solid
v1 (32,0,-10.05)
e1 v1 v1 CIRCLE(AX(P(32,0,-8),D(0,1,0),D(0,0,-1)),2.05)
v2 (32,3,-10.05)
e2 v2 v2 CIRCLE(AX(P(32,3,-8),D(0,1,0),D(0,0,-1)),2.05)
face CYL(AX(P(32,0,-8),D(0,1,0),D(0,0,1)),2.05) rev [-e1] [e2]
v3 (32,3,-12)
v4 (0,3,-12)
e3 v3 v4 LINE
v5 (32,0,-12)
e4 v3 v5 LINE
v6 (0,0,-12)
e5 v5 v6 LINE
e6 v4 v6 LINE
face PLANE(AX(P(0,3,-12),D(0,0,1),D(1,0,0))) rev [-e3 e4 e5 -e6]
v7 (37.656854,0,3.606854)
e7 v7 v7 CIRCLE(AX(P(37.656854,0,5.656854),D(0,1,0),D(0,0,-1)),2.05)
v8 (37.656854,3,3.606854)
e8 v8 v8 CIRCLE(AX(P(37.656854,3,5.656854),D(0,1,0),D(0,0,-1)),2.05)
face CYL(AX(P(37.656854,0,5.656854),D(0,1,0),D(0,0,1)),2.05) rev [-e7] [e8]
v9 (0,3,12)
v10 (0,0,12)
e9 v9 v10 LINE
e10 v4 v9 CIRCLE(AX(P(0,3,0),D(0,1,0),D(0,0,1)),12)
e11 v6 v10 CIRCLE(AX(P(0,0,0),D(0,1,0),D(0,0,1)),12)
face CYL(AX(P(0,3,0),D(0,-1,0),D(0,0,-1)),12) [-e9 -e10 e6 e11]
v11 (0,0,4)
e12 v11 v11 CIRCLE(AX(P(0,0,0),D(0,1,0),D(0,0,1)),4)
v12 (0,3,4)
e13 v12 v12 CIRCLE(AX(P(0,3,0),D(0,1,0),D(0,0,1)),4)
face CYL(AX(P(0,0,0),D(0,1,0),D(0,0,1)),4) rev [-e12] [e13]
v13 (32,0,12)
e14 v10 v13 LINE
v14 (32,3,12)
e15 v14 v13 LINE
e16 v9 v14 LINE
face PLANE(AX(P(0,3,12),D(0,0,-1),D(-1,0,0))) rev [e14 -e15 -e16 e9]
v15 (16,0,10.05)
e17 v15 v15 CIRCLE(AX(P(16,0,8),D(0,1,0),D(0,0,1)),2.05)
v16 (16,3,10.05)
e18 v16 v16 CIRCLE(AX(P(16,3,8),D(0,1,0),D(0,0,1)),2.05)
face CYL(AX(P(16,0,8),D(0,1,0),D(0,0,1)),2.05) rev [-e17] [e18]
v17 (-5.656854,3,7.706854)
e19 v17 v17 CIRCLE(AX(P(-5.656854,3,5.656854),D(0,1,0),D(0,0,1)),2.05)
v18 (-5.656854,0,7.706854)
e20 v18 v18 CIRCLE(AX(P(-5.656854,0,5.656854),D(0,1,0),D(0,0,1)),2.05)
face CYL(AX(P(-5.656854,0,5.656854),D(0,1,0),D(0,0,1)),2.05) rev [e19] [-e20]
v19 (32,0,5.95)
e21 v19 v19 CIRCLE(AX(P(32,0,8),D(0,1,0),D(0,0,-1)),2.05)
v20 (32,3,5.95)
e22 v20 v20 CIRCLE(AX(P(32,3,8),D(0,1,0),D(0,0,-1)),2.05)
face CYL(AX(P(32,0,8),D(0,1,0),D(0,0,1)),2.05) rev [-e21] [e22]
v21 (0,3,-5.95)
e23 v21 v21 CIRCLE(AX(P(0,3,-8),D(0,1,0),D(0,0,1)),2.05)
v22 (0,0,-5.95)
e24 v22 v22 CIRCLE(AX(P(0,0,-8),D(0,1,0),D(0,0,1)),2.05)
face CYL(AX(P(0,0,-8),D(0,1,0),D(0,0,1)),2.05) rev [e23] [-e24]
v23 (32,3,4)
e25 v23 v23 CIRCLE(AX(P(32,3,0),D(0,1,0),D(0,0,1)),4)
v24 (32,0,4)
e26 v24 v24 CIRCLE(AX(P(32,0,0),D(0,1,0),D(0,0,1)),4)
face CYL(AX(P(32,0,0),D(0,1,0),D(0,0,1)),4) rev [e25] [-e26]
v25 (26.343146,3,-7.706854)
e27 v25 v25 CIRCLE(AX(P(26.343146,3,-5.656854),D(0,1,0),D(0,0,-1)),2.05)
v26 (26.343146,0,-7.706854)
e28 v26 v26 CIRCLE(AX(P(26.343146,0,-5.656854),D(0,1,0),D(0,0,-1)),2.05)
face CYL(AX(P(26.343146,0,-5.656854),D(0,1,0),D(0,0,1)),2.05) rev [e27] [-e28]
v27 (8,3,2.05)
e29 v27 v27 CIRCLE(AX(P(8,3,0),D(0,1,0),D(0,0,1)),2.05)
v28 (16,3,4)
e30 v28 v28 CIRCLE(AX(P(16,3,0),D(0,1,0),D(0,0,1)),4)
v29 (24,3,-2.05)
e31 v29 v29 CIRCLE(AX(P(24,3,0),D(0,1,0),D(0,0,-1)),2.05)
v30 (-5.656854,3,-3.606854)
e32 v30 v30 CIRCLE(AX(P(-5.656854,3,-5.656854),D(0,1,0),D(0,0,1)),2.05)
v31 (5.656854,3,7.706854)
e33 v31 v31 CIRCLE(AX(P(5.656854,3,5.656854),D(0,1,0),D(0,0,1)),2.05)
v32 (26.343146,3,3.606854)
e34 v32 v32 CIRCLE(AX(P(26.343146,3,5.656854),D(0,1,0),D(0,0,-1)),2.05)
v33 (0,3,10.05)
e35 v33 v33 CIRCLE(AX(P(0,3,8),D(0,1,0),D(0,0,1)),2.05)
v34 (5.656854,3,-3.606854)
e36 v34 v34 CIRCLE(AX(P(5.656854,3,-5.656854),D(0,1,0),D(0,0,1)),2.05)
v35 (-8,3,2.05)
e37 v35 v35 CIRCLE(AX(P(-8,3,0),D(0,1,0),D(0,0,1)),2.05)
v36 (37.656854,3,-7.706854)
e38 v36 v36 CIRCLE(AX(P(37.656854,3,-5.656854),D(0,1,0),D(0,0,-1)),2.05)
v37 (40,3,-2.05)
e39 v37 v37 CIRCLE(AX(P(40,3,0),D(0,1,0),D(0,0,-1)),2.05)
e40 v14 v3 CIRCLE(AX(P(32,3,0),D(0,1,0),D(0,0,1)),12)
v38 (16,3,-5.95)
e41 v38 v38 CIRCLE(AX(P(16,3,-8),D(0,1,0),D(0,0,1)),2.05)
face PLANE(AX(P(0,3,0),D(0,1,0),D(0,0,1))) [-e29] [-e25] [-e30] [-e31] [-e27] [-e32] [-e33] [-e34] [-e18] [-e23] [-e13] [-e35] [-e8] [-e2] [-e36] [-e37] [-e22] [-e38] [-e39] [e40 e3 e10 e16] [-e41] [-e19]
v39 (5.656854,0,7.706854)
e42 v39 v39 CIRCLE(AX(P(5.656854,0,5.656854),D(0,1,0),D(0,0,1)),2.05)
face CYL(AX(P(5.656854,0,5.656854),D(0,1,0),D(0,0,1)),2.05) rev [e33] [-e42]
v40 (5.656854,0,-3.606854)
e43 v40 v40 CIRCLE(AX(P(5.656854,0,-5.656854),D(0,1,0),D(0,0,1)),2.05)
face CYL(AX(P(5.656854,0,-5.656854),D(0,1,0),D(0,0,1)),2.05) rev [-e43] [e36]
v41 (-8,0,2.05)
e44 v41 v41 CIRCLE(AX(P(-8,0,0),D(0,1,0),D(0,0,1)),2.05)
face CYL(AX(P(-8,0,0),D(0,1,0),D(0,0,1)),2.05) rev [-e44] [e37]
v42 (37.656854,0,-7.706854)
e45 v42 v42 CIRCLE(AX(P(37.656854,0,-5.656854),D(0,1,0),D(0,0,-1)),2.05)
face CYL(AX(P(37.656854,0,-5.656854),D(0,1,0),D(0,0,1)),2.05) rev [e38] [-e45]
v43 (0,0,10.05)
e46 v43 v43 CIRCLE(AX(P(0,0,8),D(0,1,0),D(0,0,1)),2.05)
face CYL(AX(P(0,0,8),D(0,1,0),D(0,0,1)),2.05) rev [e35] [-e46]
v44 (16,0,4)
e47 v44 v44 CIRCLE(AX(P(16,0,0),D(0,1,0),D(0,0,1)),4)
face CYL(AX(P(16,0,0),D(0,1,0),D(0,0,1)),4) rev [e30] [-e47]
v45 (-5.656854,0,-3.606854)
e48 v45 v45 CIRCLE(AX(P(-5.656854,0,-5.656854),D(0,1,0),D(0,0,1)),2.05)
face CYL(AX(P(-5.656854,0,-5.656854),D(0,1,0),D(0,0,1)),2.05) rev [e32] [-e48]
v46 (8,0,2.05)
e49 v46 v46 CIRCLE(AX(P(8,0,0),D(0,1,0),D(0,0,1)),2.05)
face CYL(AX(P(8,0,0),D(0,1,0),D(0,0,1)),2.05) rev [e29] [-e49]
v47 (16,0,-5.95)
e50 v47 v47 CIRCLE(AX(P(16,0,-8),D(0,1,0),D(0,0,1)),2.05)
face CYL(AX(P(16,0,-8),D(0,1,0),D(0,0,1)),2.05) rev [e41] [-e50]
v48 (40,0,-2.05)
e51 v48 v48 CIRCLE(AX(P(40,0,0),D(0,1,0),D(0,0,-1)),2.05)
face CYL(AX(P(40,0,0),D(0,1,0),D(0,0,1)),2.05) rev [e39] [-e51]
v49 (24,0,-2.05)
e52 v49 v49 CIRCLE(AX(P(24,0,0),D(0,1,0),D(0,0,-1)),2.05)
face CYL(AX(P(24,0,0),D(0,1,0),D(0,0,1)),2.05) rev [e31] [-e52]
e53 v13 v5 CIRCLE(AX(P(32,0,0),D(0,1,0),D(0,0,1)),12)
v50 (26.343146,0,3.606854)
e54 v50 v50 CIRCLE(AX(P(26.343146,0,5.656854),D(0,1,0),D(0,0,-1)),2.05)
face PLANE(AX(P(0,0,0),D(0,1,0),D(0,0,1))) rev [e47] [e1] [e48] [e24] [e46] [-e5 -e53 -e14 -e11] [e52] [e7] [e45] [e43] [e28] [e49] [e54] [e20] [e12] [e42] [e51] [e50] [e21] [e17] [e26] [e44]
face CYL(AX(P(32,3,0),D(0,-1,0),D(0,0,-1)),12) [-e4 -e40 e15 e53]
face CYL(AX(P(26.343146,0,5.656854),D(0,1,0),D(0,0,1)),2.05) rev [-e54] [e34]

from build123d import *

# Parameters (mm, degrees)
BOSS_EXTRUDE1_DEPTH = 3
SKETCH2_R           = 4
CUT_EXTRUDE1_DEPTH  = 46.705579528
SKETCH3_R           = 2.05
CUT_EXTRUDE2_DEPTH  = 46.705579528


with BuildPart() as part:
    # Sketch1 → Boss-Extrude1 (new body)
    with BuildSketch(Plane(origin=(0, 0, 0), x_dir=(1, 0, 0), z_dir=(0, 1, 0))):
        with BuildLine():
            Line((0, 12), (32, 12))
            ThreePointArc((32, 12), (44, 0), (32, -12))
            Line((32, -12), (0, -12))
            ThreePointArc((0, -12), (-12, 0), (0, 12))
        make_face()
    extrude(amount=BOSS_EXTRUDE1_DEPTH)

    # Sketch2 → Cut-Extrude1 (cut, through all)
    with BuildSketch(Plane(origin=(0, 3, 0), x_dir=(1, 0, 0), z_dir=(0, 1, 0))):
        with Locations(Location((0, 0, 0), (0, 0, 270))):
            Circle(SKETCH2_R)
        with Locations(Location((16, 0, 0), (0, 0, 270))):
            Circle(SKETCH2_R)
        with Locations(Location((32, 0, 0), (0, 0, 270))):
            Circle(SKETCH2_R)
    extrude(amount=-CUT_EXTRUDE1_DEPTH, mode=Mode.SUBTRACT)

    # Sketch3 → Cut-Extrude2 (cut, through all)
    with BuildSketch(Plane(origin=(0, 3, 0), x_dir=(1, 0, 0), z_dir=(0, 1, 0))):
        with Locations(Location((0, 8, 0), (0, 0, 270))):
            Circle(SKETCH3_R)
        with Locations(Location((5.656854249, 5.656854249, 0), (0, 0, 270))):
            Circle(SKETCH3_R)
        with Locations(Location((8, 0, 0), (0, 0, 270))):
            Circle(SKETCH3_R)
        with Locations(Location((5.656854249, -5.656854249, 0), (0, 0, 270))):
            Circle(SKETCH3_R)
        with Locations(Location((0, -8, 0), (0, 0, 270))):
            Circle(SKETCH3_R)
        with Locations(Location((-5.656854249, -5.656854249, 0), (0, 0, 270))):
            Circle(SKETCH3_R)
        with Locations(Location((-8, 0, 0), (0, 0, 270))):
            Circle(SKETCH3_R)
        with Locations(Location((-5.656854249, 5.656854249, 0), (0, 0, 270))):
            Circle(SKETCH3_R)
        with Locations(Location((26.343145751, -5.656854249, 0), (0, 0, 90))):
            Circle(SKETCH3_R)
        with Locations(Location((32, -8, 0), (0, 0, 90))):
            Circle(SKETCH3_R)
        with Locations(Location((37.656854249, -5.656854249, 0), (0, 0, 90))):
            Circle(SKETCH3_R)
        with Locations(Location((40, 0, 0), (0, 0, 90))):
            Circle(SKETCH3_R)
        with Locations(Location((37.656854249, 5.656854249, 0), (0, 0, 90))):
            Circle(SKETCH3_R)
        with Locations(Location((32, 8, 0), (0, 0, 90))):
            Circle(SKETCH3_R)
        with Locations(Location((26.343145751, 5.656854249, 0), (0, 0, 90))):
            Circle(SKETCH3_R)
        with Locations(Location((24, 0, 0), (0, 0, 90))):
            Circle(SKETCH3_R)
        with Locations(Location((16, 8, 0), (0, 0, 270))):
            Circle(SKETCH3_R)
        with Locations(Location((16, -8, 0), (0, 0, 270))):
            Circle(SKETCH3_R)
    extrude(amount=-CUT_EXTRUDE2_DEPTH, mode=Mode.SUBTRACT)


solid = part.part
